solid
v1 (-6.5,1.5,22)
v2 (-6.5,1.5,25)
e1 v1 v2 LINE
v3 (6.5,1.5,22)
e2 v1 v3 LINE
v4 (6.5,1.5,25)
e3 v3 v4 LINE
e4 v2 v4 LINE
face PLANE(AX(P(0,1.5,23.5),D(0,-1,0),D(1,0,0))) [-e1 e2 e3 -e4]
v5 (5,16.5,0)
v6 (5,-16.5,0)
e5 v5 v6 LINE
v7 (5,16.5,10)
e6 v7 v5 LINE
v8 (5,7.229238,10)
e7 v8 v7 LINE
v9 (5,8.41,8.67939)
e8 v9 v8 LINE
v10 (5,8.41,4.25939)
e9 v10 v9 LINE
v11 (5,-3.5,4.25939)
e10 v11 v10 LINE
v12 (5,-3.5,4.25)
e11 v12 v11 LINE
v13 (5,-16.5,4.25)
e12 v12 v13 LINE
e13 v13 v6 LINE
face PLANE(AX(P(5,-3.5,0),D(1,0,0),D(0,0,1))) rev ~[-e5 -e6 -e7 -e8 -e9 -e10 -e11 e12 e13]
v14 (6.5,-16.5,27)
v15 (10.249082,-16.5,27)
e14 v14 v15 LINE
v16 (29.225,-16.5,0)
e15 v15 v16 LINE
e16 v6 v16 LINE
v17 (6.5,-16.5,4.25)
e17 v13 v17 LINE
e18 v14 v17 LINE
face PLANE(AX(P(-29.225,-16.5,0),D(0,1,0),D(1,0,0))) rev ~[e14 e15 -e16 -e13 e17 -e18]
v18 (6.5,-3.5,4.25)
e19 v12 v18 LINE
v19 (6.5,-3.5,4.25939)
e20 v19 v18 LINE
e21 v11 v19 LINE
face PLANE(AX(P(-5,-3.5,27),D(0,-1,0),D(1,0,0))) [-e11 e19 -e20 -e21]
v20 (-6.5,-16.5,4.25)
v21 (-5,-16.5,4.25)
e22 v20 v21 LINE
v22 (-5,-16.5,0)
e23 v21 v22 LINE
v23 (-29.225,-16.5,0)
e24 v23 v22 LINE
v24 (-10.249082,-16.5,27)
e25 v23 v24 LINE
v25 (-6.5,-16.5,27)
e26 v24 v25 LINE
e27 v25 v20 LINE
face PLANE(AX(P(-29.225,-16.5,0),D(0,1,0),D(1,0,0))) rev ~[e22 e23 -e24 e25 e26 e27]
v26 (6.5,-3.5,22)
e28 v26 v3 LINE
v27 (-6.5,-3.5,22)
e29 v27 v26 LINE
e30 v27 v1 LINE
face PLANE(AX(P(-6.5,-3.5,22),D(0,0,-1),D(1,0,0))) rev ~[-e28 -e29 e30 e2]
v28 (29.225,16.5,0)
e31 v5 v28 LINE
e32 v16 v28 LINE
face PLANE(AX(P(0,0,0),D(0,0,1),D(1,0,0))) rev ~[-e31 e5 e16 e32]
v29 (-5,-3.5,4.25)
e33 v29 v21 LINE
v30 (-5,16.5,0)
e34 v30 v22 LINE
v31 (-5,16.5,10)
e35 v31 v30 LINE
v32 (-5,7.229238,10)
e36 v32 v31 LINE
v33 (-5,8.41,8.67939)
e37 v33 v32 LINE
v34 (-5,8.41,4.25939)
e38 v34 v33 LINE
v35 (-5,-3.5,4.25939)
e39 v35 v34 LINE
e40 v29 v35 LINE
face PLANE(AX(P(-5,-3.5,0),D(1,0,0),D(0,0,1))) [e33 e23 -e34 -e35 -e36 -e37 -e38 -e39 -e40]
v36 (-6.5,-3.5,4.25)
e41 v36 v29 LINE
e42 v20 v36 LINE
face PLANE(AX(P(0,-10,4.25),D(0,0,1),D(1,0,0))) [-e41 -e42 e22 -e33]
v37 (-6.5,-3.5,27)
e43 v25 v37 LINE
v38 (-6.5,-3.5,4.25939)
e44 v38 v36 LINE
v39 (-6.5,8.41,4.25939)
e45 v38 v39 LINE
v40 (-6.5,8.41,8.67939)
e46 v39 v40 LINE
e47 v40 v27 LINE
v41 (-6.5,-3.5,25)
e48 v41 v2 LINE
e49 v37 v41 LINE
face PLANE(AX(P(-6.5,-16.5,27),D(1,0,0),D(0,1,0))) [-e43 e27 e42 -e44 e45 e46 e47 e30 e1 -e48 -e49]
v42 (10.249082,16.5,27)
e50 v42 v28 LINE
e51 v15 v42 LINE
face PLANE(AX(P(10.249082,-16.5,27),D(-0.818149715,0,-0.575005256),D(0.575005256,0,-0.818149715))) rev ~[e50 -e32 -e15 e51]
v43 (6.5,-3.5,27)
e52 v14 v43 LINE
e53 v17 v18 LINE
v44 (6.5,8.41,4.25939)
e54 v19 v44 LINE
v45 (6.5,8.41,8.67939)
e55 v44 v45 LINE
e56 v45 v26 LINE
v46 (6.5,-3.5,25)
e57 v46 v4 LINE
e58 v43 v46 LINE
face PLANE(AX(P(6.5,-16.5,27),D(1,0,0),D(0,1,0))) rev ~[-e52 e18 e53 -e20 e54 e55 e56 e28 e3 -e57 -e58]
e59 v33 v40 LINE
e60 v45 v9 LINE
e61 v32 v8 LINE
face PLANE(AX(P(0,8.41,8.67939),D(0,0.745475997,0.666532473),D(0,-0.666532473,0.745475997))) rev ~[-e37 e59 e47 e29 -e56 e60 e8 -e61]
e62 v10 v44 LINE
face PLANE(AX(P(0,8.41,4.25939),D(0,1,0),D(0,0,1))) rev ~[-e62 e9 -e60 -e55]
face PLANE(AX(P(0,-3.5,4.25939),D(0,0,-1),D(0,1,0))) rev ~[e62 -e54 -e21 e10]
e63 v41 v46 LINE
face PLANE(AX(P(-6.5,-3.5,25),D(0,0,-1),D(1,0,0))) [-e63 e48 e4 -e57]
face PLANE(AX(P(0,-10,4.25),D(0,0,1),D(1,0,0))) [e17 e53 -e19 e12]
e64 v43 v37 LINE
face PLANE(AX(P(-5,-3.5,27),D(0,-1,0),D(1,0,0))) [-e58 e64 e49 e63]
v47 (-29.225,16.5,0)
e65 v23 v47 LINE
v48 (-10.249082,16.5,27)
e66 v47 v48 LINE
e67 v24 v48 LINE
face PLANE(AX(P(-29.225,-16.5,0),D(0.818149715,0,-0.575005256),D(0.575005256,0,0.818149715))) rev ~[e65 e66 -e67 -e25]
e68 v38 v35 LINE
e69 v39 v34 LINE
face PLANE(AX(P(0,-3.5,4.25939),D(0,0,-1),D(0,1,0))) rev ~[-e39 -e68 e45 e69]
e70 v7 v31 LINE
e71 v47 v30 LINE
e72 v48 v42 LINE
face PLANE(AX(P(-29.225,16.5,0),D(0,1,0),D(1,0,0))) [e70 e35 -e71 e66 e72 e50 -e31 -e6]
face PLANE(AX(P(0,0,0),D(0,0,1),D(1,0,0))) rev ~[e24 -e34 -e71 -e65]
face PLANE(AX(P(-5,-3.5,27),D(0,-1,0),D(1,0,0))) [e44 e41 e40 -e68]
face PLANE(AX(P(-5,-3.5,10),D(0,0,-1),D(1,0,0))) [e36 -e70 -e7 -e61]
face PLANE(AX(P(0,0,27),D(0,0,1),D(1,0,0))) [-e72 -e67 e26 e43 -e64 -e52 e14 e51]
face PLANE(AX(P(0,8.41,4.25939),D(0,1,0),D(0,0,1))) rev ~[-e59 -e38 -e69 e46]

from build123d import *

# Parameters (mm, degrees)
F0_W      = 58.45
F0_H      = 33
F1_DEPTH  = 27
F3_DEPTH  = 33
F4_W      = 10
F4_H      = 13
F5_DEPTH  = 27
F6_W      = 13
F6_H      = 13
F7_DEPTH  = 22.75
F8_W      = 13
F8_H      = 3
F9_DEPTH  = 5
F10_W     = 10
F10_H     = 10
F11_DEPTH = 33
F13_DEPTH = 6.5


with BuildPart() as f1:
    # F0 (on Top) → F1 (new body)
    with BuildSketch(Plane.XY):
        Rectangle(F0_W, F0_H)
    extrude(amount=F1_DEPTH)

    # F2 (on face) → F3 (cut)
    with BuildSketch(Plane.XZ.offset(16.5)):
        Polygon((-29.225, 27), (-29.225, 0), (-10.249082, 27), align=None)
        Polygon((29.225, 27), (10.249082, 27), (29.225, 0), align=None)
    extrude(amount=-F3_DEPTH, mode=Mode.SUBTRACT)

    # F4 (on face) → F5 (cut)
    with BuildSketch(Plane.XY.offset(27)):
        with Locations((0, -10)):
            Rectangle(F4_W, F4_H)
    extrude(amount=-F5_DEPTH, mode=Mode.SUBTRACT)

    # F6 (on face) → F7 (cut)
    with BuildSketch(Plane.XY.offset(27)):
        with Locations((0, -10)):
            Rectangle(F6_W, F6_H)
    extrude(amount=-F7_DEPTH, mode=Mode.SUBTRACT)

    # F8 (on face) → F9 (cut)
    with BuildSketch(Plane.XZ.offset(3.5)):
        with Locations((0, 23.5)):
            Rectangle(F8_W, F8_H)
    extrude(amount=-F9_DEPTH, mode=Mode.SUBTRACT)

    # F10 (on face) → F11 (cut)
    with BuildSketch(Plane.XZ.offset(3.5)):
        with Locations((0, 5)):
            Rectangle(F10_W, F10_H)
    extrude(amount=-F11_DEPTH, mode=Mode.SUBTRACT)

    # F12 (on Right) → F13 (cut, symmetric)
    with BuildSketch(Plane.YZ):
        Polygon((-3.5, 22), (-3.5, 4.25939), (8.41, 4.25939), (8.41, 8.67939), align=None)
    extrude(amount=F13_DEPTH, both=True, mode=Mode.SUBTRACT)


solid = f1.part
